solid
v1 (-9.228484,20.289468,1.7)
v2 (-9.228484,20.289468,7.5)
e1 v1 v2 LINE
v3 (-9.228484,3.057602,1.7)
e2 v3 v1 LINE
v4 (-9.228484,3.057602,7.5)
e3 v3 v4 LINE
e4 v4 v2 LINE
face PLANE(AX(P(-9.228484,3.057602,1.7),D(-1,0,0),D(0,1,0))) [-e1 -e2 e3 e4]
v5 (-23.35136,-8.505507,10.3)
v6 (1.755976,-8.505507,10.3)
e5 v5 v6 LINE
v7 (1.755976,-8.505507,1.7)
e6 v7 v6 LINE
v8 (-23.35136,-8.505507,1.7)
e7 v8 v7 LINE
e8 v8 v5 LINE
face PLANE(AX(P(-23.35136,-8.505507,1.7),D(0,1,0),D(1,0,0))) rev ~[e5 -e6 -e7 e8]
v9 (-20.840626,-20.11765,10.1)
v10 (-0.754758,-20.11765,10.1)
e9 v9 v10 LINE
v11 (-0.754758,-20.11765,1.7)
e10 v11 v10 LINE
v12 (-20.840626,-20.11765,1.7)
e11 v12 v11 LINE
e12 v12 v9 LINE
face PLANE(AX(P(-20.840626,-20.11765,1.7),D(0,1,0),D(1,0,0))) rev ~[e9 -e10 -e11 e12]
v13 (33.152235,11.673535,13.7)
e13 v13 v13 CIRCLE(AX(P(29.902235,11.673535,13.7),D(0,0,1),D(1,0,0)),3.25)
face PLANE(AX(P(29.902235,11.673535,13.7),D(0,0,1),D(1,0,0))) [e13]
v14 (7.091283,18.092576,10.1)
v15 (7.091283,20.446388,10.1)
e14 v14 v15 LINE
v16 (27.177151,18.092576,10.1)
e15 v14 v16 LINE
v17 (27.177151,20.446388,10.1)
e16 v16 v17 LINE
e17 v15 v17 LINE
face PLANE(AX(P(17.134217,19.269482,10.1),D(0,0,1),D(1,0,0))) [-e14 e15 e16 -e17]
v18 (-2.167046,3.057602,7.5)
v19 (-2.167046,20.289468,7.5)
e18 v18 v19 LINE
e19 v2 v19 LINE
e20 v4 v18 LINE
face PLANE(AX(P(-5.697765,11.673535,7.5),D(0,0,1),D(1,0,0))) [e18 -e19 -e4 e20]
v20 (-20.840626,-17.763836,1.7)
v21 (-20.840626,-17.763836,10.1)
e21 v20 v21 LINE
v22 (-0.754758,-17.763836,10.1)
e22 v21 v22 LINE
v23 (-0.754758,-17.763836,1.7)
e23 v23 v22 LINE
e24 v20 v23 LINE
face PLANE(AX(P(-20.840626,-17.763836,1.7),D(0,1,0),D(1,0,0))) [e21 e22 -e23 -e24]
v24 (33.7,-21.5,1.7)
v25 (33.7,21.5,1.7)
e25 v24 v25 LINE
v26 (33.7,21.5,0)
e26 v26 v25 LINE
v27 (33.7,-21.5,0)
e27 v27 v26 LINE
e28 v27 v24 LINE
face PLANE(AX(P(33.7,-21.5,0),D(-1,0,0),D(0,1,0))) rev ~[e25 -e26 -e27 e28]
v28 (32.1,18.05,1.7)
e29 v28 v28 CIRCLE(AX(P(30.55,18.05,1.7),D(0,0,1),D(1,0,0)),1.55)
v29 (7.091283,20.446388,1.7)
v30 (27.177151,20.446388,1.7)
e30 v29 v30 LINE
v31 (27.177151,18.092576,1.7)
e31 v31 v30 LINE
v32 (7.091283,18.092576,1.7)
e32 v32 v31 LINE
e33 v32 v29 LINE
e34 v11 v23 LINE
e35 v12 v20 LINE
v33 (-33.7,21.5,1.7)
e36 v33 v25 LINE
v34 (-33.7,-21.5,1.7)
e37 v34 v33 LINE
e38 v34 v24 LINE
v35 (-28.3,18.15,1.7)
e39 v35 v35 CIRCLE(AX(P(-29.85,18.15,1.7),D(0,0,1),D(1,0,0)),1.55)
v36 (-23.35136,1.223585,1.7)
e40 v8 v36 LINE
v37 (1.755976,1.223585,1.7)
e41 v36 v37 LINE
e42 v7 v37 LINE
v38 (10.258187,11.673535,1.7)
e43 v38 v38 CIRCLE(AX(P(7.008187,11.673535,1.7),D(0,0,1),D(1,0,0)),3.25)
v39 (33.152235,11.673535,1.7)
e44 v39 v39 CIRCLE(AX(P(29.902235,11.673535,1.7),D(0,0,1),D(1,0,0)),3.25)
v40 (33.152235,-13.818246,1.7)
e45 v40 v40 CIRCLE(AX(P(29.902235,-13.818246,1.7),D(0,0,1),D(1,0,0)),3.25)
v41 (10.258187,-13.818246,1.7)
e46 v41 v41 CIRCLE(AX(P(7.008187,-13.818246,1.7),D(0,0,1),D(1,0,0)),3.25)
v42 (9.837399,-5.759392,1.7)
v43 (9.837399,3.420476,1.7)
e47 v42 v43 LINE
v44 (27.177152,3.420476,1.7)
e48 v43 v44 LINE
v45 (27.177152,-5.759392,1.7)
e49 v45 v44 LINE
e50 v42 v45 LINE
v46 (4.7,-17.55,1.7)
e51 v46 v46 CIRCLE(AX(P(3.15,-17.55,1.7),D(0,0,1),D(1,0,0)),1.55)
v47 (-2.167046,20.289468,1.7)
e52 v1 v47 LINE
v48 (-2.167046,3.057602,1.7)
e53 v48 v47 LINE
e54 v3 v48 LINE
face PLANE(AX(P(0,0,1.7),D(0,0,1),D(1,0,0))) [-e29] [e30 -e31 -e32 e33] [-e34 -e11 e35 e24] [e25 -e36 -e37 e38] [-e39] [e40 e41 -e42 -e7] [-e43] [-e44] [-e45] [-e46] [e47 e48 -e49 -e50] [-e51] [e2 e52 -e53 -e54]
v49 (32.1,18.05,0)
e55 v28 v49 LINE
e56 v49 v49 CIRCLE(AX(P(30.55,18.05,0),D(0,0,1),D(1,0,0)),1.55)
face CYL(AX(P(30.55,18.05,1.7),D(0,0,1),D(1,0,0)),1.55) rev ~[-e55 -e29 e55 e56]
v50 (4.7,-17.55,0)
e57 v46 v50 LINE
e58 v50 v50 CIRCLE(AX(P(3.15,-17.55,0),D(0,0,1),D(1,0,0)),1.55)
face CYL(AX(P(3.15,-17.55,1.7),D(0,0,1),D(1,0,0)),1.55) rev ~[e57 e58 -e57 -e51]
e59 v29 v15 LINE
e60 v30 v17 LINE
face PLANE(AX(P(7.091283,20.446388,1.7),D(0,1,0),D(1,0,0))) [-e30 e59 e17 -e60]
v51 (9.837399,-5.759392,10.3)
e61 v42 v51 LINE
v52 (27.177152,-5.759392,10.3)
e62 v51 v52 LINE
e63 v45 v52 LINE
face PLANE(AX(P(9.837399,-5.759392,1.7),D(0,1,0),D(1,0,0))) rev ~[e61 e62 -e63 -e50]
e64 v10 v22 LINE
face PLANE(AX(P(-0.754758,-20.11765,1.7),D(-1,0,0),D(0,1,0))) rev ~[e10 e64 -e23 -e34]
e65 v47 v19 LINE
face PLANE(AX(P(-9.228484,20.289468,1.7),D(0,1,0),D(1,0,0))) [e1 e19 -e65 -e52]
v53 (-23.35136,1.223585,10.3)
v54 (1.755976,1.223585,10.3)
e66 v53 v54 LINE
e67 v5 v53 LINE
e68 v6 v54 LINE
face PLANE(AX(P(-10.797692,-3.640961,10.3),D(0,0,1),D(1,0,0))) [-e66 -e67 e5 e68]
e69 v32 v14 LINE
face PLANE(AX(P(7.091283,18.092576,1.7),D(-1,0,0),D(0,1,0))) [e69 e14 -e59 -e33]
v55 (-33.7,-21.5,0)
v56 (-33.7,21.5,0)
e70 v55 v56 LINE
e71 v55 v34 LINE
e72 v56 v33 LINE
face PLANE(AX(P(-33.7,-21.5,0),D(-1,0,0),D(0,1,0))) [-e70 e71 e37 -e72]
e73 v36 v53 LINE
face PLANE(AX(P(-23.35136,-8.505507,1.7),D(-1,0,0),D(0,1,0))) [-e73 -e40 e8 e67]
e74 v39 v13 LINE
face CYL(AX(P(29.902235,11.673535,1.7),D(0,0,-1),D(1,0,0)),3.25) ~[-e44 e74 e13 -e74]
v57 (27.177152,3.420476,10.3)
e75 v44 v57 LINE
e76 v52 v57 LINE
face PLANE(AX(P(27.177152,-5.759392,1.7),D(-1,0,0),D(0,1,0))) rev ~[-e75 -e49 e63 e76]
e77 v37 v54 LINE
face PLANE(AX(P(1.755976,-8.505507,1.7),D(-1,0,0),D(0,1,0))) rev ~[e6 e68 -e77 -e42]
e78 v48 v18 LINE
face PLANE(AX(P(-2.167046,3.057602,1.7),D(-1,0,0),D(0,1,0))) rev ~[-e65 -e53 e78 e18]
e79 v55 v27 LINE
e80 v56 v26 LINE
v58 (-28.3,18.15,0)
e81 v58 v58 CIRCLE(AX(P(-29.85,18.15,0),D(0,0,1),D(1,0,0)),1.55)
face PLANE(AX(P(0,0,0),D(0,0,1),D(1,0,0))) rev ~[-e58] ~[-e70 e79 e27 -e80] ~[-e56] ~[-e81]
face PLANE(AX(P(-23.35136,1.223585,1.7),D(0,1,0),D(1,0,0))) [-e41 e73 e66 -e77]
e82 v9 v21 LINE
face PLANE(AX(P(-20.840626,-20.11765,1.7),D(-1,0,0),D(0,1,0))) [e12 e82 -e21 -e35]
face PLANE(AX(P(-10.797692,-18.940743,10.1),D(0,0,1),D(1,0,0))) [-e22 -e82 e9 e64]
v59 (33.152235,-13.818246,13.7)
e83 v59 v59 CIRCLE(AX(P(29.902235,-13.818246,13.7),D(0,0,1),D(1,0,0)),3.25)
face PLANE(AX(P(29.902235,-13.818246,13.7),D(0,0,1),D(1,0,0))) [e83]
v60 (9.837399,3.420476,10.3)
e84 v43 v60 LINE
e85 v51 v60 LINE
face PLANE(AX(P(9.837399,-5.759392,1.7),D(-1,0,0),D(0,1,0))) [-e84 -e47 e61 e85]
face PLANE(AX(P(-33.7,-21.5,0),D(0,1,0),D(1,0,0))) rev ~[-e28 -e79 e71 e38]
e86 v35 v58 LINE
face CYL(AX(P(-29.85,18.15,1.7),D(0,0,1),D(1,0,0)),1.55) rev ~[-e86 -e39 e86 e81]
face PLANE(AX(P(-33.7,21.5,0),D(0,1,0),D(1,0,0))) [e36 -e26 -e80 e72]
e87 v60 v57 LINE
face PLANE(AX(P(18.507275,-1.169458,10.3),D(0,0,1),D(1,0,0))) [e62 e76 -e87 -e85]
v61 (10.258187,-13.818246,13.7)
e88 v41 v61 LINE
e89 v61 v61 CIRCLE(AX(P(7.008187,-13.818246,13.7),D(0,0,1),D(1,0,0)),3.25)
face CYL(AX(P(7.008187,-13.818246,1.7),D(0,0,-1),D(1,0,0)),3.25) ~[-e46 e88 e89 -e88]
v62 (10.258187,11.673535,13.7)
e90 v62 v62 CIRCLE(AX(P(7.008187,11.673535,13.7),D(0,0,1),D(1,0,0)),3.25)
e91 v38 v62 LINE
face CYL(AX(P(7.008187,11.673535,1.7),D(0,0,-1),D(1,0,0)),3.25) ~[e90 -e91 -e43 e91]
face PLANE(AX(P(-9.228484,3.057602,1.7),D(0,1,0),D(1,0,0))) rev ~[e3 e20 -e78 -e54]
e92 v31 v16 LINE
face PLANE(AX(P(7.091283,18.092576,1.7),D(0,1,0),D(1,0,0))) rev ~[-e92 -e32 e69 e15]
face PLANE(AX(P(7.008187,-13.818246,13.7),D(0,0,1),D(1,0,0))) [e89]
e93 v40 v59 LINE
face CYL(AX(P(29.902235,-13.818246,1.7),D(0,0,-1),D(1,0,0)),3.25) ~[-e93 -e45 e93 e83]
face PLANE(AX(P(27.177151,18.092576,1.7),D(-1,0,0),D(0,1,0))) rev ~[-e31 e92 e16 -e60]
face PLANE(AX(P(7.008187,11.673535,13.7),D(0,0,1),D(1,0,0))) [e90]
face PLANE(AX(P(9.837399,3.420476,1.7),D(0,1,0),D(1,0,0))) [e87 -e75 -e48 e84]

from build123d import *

# Parameters (mm, degrees)
F0_W     = 67.4
F0_H     = 43
F1_DEPTH = 1.7
F2_R     = 1.55
F3_DEPTH = 25
F4_W     = 25.107336
F4_H     = 9.729092
F4_W_2   = 17.339753
F4_H_2   = 9.179869
F5_DEPTH = 8.6
F4_R     = 3.25
F6_DEPTH = 12
F4_W_3   = 20.085868
F4_H_3   = 2.353814
F4_H_4   = 2.353812
F7_DEPTH = 8.4
F4_W_4   = 7.061438
F4_H_5   = 17.231865
F8_DEPTH = 5.8


with BuildPart() as f1:
    # F0 (on Top) → F1 (new body)
    with BuildSketch(Plane.XY):
        Rectangle(F0_W, F0_H)
    extrude(amount=F1_DEPTH)

    # F2 (on face) → F3 (cut)
    with BuildSketch(Plane.XY.offset(1.7)):
        with Locations((-29.85, 18.15)):
            Circle(F2_R)
        with Locations((3.15, -17.55)):
            Circle(F2_R)
        with Locations((30.55, 18.05)):
            Circle(F2_R)
    extrude(amount=-F3_DEPTH, mode=Mode.SUBTRACT)

    # F4 (on face) → F5 (join)
    with BuildSketch(Plane.XY.offset(1.7)):
        with Locations((-10.797692, -3.640961)):
            Rectangle(F4_W, F4_H)
        with Locations((18.507275, -1.169458)):
            Rectangle(F4_W_2, F4_H_2)
    extrude(amount=F5_DEPTH)

    # F4 (on face) → F6 (join)
    with BuildSketch(Plane.XY.offset(1.7)):
        with Locations((7.008187, -13.818246)):
            Circle(F4_R)
        with Locations((7.008187, 11.673535)):
            Circle(F4_R)
        with Locations((29.902235, 11.673535)):
            Circle(F4_R)
        with Locations((29.902235, -13.818246)):
            Circle(F4_R)
    extrude(amount=F6_DEPTH)

    # F4 (on face) → F7 (join)
    with BuildSketch(Plane.XY.offset(1.7)):
        with Locations((-10.797692, -18.940743)):
            Rectangle(F4_W_3, F4_H_3)
        with Locations((17.134217, 19.269482)):
            Rectangle(F4_W_3, F4_H_4)
    extrude(amount=F7_DEPTH)

    # F4 (on face) → F8 (join)
    with BuildSketch(Plane.XY.offset(1.7)):
        with Locations((-5.697765, 11.673535)):
            Rectangle(F4_W_4, F4_H_5)
    extrude(amount=F8_DEPTH)


solid = f1.part
